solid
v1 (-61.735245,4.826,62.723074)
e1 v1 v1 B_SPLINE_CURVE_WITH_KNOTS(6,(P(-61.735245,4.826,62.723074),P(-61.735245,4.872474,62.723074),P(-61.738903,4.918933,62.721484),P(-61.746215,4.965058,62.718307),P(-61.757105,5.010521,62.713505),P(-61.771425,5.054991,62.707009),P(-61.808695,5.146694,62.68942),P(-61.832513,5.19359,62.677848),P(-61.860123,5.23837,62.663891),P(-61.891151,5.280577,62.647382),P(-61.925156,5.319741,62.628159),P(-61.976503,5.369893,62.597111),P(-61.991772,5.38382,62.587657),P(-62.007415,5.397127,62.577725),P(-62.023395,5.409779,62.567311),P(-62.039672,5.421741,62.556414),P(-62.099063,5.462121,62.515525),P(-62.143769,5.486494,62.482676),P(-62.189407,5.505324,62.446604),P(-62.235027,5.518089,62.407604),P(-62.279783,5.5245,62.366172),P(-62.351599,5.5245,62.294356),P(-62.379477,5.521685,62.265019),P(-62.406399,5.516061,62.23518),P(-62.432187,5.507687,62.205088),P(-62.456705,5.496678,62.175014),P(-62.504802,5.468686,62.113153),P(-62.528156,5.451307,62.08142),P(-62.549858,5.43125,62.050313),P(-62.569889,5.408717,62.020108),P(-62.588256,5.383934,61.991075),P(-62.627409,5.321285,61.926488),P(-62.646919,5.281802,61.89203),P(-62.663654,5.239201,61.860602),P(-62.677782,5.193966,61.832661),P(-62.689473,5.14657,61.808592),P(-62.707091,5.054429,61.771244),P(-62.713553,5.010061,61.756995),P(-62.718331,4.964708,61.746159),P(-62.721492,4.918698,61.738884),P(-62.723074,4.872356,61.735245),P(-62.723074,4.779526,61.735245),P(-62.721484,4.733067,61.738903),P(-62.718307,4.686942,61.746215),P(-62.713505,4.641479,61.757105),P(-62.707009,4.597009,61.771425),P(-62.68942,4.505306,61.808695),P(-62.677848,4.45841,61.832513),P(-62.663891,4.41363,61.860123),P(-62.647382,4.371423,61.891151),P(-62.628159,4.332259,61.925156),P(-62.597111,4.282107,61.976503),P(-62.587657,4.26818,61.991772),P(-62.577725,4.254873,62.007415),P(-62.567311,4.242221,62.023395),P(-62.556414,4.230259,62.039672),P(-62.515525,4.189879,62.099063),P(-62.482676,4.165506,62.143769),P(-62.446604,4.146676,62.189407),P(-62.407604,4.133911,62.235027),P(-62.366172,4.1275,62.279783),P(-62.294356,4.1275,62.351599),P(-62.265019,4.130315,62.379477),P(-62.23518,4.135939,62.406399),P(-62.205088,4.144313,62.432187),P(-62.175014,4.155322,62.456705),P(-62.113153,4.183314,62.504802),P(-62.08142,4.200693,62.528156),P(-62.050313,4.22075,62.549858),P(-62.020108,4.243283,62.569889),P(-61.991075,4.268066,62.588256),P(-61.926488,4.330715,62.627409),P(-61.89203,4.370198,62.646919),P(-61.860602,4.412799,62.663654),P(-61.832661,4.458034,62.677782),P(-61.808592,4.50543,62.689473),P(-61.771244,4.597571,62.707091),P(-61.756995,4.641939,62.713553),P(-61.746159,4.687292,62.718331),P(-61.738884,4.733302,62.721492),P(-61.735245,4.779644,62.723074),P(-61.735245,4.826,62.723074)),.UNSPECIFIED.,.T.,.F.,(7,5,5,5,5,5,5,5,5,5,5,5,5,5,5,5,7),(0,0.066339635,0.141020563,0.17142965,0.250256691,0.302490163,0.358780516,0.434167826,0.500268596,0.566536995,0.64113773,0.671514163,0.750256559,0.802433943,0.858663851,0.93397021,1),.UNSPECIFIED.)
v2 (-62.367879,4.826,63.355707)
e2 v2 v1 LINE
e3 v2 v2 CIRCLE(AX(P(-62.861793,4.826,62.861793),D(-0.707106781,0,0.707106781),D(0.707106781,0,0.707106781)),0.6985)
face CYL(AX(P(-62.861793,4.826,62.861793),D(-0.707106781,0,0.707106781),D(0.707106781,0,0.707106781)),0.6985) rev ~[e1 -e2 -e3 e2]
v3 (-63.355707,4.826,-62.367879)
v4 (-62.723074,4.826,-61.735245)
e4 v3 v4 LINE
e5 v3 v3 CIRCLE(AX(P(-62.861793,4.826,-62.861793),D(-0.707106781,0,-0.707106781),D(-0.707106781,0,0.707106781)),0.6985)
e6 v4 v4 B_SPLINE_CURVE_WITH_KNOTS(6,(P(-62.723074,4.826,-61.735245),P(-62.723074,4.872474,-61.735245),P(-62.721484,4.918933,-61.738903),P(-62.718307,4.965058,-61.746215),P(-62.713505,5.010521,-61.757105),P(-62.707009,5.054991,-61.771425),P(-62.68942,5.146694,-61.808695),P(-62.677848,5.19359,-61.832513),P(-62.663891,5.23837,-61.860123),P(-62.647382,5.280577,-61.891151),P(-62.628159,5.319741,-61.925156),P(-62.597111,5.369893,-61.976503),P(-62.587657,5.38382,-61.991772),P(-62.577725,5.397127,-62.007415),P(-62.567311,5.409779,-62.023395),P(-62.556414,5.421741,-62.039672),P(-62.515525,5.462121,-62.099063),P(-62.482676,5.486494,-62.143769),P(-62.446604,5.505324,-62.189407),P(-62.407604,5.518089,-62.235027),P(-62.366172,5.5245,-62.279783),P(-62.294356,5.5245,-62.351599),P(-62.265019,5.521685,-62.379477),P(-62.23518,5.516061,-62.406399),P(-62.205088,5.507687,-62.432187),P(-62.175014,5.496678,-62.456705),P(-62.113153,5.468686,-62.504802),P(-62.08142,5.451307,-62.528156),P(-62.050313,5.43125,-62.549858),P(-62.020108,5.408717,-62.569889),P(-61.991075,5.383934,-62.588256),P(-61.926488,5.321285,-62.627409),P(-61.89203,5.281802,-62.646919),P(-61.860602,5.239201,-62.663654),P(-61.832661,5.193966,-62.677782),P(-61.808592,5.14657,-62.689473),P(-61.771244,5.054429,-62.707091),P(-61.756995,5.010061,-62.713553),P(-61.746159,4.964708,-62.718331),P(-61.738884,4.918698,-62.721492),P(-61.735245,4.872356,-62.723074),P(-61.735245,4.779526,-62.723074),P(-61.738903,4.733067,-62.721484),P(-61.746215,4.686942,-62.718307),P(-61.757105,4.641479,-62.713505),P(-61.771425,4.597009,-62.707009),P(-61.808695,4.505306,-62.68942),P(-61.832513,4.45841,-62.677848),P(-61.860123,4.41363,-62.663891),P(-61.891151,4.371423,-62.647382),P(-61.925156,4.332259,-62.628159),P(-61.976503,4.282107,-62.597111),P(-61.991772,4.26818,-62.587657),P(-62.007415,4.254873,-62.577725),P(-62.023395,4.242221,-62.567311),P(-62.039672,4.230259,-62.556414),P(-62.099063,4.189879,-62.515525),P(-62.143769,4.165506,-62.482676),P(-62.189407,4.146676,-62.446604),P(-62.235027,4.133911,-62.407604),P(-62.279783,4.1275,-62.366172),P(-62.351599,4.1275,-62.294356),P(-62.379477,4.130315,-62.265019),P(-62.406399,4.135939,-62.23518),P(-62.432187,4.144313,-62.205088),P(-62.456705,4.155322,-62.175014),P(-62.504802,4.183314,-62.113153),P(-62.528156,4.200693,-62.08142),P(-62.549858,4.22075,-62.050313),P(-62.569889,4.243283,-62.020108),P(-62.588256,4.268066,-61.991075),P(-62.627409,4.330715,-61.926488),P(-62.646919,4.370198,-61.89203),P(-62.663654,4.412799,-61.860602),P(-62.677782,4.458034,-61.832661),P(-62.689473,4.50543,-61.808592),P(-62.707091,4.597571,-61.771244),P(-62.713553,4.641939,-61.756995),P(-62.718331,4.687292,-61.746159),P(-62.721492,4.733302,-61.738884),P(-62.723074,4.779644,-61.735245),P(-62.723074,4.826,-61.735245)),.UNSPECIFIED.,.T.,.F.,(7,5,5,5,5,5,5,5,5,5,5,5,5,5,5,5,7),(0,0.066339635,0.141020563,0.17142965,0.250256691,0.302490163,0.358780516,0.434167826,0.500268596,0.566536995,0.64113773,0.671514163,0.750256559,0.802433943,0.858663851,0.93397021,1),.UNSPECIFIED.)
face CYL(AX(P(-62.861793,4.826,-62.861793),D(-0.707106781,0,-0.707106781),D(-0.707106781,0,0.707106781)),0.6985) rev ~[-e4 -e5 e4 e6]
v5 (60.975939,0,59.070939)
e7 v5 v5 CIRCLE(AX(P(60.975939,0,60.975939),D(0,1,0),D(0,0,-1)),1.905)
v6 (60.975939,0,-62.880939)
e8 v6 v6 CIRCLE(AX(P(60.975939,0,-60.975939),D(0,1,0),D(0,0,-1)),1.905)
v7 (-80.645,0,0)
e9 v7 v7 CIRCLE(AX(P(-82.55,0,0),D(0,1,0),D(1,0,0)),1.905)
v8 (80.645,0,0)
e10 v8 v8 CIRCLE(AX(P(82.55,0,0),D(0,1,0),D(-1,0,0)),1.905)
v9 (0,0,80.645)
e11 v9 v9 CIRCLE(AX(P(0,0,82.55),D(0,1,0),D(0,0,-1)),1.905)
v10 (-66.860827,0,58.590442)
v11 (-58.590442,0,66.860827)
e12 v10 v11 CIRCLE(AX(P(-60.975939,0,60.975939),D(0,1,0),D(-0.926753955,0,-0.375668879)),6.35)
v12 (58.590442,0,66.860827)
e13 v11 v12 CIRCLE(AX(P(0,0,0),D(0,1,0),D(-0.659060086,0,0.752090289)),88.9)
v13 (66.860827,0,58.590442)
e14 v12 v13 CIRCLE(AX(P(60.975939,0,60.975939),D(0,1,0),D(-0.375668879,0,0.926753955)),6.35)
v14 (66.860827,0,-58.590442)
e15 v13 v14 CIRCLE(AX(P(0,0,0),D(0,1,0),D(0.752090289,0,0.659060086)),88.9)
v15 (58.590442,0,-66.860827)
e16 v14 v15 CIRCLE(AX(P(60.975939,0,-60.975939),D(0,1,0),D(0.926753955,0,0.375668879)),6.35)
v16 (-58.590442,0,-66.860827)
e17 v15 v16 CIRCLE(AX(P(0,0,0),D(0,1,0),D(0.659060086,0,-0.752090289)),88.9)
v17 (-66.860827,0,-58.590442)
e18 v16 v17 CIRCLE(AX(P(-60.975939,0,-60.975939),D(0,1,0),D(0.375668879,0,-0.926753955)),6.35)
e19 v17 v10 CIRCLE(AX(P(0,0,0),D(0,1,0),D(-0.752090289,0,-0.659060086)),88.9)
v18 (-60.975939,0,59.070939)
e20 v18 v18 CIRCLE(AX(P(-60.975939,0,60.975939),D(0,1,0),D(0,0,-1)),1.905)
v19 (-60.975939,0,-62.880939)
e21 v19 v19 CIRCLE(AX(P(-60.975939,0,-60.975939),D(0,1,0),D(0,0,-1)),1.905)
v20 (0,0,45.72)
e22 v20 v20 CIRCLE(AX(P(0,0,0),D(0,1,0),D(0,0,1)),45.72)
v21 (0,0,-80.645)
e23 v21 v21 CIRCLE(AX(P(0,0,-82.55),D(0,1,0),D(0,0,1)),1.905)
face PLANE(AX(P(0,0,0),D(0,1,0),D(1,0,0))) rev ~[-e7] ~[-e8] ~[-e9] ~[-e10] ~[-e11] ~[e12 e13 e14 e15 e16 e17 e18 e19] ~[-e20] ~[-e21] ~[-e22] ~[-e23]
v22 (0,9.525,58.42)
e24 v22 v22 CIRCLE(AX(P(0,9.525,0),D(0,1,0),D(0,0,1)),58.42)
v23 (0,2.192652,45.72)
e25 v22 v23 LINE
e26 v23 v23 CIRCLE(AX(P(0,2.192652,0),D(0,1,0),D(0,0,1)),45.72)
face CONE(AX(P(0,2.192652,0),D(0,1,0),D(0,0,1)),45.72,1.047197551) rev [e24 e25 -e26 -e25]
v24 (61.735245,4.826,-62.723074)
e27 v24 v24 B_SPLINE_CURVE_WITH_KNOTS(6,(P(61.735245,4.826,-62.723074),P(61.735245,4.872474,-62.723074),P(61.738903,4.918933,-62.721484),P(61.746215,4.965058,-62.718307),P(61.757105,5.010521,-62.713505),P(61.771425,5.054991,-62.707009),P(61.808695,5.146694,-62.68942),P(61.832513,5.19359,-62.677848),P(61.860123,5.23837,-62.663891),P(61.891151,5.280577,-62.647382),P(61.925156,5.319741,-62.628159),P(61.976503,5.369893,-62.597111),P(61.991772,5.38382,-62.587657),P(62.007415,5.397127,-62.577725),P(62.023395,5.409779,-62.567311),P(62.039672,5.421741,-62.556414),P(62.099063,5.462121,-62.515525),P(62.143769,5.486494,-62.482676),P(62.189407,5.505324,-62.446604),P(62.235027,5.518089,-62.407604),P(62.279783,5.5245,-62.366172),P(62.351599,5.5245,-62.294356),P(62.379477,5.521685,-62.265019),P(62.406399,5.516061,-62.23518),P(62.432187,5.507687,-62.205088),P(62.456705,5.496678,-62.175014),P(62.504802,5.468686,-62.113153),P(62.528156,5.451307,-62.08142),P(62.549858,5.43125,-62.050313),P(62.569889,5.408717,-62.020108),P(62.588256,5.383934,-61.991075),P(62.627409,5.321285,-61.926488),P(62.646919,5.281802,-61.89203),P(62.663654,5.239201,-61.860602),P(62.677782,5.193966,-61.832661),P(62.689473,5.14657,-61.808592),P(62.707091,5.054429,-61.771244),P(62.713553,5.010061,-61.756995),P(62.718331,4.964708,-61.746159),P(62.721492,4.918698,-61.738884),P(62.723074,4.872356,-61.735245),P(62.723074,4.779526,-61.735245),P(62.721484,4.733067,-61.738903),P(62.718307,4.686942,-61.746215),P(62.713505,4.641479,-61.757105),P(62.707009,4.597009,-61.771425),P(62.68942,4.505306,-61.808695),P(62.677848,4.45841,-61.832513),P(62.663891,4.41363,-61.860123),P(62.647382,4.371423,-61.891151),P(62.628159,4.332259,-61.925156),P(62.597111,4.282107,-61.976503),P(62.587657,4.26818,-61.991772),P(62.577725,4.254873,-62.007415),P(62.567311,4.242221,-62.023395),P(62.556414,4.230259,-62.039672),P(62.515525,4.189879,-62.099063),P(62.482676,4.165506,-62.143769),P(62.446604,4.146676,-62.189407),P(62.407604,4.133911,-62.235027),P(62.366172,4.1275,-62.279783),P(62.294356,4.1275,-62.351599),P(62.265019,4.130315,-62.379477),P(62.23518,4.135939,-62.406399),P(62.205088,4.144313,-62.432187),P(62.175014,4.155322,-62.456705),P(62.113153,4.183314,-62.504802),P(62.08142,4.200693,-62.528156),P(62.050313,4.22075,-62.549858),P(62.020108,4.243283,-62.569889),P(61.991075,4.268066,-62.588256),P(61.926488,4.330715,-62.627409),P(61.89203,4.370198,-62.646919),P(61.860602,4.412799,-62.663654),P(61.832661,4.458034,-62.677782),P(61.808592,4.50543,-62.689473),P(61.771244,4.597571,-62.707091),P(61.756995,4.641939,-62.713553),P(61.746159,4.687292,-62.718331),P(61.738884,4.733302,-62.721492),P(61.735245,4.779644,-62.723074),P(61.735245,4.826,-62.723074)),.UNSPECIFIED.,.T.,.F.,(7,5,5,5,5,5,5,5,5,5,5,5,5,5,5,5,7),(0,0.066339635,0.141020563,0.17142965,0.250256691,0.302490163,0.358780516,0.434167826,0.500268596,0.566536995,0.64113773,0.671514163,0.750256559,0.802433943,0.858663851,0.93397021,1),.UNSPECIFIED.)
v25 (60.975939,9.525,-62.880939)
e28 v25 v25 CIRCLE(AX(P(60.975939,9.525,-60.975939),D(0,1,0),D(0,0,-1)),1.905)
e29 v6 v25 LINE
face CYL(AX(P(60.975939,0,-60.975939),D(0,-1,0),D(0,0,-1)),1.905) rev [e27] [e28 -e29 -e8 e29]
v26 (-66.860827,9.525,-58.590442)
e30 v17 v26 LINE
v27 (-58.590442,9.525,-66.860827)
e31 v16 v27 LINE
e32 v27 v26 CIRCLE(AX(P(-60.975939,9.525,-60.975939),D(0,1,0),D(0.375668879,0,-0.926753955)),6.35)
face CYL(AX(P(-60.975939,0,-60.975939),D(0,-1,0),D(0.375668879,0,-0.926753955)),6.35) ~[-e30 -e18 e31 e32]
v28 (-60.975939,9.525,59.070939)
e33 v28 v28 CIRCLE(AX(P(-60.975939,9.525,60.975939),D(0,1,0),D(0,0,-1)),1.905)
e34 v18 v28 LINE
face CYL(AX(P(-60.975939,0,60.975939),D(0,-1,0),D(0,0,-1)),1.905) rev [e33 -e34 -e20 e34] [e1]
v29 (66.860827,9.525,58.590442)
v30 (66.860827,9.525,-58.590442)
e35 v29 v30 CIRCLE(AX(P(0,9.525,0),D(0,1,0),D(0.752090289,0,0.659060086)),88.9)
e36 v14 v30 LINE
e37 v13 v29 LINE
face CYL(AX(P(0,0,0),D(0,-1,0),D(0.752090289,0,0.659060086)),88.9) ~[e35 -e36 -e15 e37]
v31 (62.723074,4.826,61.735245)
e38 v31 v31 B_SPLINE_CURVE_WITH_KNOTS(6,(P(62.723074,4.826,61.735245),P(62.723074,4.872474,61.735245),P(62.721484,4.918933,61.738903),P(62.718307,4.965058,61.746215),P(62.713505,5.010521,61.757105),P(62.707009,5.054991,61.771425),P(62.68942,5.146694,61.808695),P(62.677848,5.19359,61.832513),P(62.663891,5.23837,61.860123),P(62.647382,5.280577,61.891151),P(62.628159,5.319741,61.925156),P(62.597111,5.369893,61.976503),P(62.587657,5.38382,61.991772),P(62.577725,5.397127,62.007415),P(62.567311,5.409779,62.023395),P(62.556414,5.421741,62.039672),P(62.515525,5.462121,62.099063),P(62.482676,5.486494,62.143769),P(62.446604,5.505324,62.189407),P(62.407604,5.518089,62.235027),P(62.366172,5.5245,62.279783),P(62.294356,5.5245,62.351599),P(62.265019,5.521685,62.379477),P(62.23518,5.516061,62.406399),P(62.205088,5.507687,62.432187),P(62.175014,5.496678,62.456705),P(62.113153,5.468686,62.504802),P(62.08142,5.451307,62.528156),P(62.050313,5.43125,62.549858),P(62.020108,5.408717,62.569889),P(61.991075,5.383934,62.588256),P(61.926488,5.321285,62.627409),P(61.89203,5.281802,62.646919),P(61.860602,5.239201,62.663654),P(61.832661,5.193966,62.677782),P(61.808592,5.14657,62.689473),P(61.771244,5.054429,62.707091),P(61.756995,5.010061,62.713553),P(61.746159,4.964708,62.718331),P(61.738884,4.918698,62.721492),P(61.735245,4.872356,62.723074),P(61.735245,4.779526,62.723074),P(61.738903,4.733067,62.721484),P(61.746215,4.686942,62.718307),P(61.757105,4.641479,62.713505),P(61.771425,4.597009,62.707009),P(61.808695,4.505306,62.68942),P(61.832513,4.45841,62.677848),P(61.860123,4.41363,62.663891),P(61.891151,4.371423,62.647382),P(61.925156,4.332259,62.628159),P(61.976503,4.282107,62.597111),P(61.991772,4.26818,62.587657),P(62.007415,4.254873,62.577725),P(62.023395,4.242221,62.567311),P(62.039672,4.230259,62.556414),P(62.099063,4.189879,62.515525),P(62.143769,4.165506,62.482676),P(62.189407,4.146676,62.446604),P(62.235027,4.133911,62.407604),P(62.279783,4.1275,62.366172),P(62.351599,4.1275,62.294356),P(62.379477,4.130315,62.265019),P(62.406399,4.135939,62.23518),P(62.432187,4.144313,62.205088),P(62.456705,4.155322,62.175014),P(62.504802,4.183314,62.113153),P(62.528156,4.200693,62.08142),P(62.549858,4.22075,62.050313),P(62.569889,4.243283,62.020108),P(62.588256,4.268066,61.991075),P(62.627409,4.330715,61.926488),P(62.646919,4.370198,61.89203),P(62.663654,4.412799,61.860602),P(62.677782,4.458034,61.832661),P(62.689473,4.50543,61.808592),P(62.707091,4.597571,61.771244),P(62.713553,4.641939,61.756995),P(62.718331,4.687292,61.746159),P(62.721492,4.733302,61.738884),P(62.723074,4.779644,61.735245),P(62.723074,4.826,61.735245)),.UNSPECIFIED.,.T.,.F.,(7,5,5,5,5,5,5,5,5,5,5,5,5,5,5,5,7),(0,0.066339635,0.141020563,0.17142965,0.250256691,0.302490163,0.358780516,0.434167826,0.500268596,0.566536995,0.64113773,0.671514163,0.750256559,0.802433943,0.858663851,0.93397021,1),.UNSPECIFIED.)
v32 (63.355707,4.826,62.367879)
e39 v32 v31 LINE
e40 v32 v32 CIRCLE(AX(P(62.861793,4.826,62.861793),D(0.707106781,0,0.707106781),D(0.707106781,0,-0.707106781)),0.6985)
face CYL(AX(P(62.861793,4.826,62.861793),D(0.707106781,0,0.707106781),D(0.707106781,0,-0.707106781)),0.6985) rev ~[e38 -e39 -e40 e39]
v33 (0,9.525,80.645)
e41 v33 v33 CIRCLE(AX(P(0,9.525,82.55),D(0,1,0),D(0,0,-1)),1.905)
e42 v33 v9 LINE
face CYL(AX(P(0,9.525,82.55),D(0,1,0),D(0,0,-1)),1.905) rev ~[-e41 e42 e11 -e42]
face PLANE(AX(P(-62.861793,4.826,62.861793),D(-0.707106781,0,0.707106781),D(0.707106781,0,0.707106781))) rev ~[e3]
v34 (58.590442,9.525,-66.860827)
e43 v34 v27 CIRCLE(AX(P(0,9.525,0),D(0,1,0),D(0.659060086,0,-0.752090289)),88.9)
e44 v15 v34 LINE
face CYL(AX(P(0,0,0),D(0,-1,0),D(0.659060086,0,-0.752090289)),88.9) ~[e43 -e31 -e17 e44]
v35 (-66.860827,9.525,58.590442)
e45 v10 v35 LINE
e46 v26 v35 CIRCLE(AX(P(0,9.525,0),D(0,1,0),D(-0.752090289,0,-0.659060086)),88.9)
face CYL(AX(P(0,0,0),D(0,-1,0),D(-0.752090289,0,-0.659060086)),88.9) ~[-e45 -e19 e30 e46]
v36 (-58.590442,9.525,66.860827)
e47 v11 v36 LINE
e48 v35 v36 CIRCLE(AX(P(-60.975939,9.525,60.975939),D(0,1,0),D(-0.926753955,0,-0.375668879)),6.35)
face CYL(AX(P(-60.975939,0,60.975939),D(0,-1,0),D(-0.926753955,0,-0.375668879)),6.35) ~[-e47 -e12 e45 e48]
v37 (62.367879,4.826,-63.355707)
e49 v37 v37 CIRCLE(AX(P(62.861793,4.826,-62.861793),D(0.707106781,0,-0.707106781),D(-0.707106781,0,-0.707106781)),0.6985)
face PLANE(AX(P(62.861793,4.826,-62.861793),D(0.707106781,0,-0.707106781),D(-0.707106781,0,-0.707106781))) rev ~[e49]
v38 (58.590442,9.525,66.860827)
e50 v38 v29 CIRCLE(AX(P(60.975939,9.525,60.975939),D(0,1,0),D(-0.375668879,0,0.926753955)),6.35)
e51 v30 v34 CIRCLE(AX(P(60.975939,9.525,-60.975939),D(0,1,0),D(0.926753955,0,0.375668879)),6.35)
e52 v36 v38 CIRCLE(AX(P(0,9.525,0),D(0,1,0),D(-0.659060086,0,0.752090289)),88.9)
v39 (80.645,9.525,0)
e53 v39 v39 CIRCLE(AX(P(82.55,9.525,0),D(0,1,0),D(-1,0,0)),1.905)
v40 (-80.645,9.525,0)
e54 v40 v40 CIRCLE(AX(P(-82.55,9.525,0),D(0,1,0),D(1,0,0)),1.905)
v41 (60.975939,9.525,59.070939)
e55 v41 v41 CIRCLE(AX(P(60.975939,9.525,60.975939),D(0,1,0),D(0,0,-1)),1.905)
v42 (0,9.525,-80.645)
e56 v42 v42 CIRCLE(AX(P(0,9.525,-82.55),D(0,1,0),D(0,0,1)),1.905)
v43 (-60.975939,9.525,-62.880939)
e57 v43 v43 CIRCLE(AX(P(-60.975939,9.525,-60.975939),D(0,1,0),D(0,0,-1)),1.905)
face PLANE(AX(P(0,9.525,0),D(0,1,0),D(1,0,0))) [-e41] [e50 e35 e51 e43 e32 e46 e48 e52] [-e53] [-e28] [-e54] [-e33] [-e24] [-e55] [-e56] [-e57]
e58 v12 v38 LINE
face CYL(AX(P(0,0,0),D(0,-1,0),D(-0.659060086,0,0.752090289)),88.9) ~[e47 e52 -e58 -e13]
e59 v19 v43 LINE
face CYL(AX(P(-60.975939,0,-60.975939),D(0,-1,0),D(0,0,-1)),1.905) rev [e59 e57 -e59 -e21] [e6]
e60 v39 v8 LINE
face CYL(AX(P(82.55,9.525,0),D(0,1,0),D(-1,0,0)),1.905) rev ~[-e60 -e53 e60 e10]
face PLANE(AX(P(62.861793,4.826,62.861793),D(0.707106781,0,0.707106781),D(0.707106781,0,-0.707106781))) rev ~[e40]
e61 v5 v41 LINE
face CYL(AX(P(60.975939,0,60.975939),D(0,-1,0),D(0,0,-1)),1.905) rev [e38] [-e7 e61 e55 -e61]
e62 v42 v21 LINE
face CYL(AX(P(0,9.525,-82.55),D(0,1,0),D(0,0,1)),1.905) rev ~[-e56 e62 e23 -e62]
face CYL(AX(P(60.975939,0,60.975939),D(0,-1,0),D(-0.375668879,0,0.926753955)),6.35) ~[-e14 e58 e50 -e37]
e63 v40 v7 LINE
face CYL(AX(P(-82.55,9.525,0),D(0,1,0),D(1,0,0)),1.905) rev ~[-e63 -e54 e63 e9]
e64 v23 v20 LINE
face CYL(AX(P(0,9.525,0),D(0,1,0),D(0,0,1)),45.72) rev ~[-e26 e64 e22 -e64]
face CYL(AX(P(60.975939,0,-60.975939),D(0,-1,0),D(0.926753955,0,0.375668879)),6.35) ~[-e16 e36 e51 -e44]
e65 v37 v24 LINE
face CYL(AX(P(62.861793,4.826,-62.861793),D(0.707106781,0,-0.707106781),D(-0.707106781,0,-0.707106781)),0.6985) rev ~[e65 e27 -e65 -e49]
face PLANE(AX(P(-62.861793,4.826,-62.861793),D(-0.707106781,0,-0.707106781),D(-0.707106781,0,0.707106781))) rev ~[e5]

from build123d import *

# Parameters (mm, degrees)
SKETCH1_R           = 1.905
BOSS_EXTRUDE1_DEPTH = 9.525
SKETCH2_R           = 45.72
CUT_EXTRUDE1_DEPTH  = 12.7
SKETCH4_R           = 1.905
CUT_EXTRUDE3_DEPTH  = 12.7
CIRPATTERN2_COUNT   = 4
SKETCH10_R          = 0.6985
CUT_EXTRUDE5_DEPTH  = 3.175
CIRPATTERN5_COUNT   = 4
CHAMFER1_SIZE       = 12.7
CHAMFER1_SIZE2      = 7.332348419


with BuildPart() as part:
    # Sketch1 → Boss-Extrude1 (new body)
    with BuildSketch(Plane(origin=(0, 0, 0), x_dir=(1, 0, 0), z_dir=(0, 1, 0))):
        with BuildLine():
            ThreePointArc((-66.860826677, 58.590441679), (-88.9, 0), (-66.860826677, -58.590441679))
            ThreePointArc((-66.860826677, -58.590441679), (-65.466067123, -65.466067123), (-58.590441679, -66.860826677))
            ThreePointArc((-58.590441679, -66.860826677), (0, -88.9), (58.590441679, -66.860826677))
            ThreePointArc((58.590441679, -66.860826677), (65.466067123, -65.466067123), (66.860826677, -58.590441679))
            ThreePointArc((66.860826677, -58.590441679), (88.9, 0), (66.860826677, 58.590441679))
            ThreePointArc((66.860826677, 58.590441679), (65.466067123, 65.466067123), (58.590441679, 66.860826677))
            ThreePointArc((58.590441679, 66.860826677), (0, 88.9), (-58.590441679, 66.860826677))
            ThreePointArc((-58.590441679, 66.860826677), (-65.466067123, 65.466067123), (-66.860826677, 58.590441679))
        make_face()
        with Locations(Location((-60.975939062, 60.975939062, 0), (0, 0, 90))):
            Circle(SKETCH1_R, mode=Mode.SUBTRACT)
        with Locations(Location((60.975939062, 60.975939062, 0), (0, 0, 90))):
            Circle(SKETCH1_R, mode=Mode.SUBTRACT)
        with Locations(Location((60.975939062, -60.975939062, 0), (0, 0, 90))):
            Circle(SKETCH1_R, mode=Mode.SUBTRACT)
        with Locations(Location((-60.975939062, -60.975939062, 0), (0, 0, 90))):
            Circle(SKETCH1_R, mode=Mode.SUBTRACT)
    extrude(amount=BOSS_EXTRUDE1_DEPTH)

    # Sketch2 → Cut-Extrude1 (cut)
    with BuildSketch(Plane(origin=(0, 9.525, 0), x_dir=(1, 0, 0), z_dir=(0, 1, 0))):
        with Locations(Location((0, 0, 0), (0, 0, 270))):
            Circle(SKETCH2_R)
    extrude(amount=-CUT_EXTRUDE1_DEPTH, mode=Mode.SUBTRACT)

    # Sketch4 → Cut-Extrude3 (cut)
    with BuildSketch(Plane(origin=(0, 9.525, 0), x_dir=(1, 0, 0), z_dir=(0, 1, 0))):
        with Locations(Location((0, 82.55, 0), (0, 0, 270))):
            Circle(SKETCH4_R)
    cut_extrude3 = extrude(amount=-CUT_EXTRUDE3_DEPTH, mode=Mode.SUBTRACT)

    # CirPattern2: Cut-Extrude3 ×4 about axis
    cirpattern2_axis = Axis((0, 0, 0), (0, 1, 0))
    for i in range(1, CIRPATTERN2_COUNT):
        add(cut_extrude3.rotate(cirpattern2_axis, i * 360 / CIRPATTERN2_COUNT), mode=Mode.SUBTRACT)

    # Sketch10 → Cut-Extrude5 (cut)
    with BuildSketch(Plane(origin=(-62.861792847, 0, -62.861792847), x_dir=(0, -1, 0), z_dir=(-0.7071067811865464, 0, -0.7071067811865488))):
        with Locations(Location((-4.826, 0, 0), (0, 0, 90))):
            Circle(SKETCH10_R)
    cut_extrude5 = extrude(amount=-CUT_EXTRUDE5_DEPTH, mode=Mode.SUBTRACT)

    # CirPattern5: Cut-Extrude5 ×4 about axis
    cirpattern5_axis = Axis((0, 0, 0), (0, 1, 0))
    for i in range(1, CIRPATTERN5_COUNT):
        add(cut_extrude5.rotate(cirpattern5_axis, i * 360 / CIRPATTERN5_COUNT), mode=Mode.SUBTRACT)

    # Chamfer1
    chamfer1_edges = [part.edges().sort_by_distance(p)[0] for p in [
        (0, 9.525, -45.72),
    ]]
    chamfer1_side = [part.faces().sort_by_distance(p)[0] for p in [
        (0, 9.525, -86.385528286),
    ]]
    chamfer(chamfer1_edges, length=CHAMFER1_SIZE, length2=CHAMFER1_SIZE2, reference=chamfer1_side[0])


solid = part.part
